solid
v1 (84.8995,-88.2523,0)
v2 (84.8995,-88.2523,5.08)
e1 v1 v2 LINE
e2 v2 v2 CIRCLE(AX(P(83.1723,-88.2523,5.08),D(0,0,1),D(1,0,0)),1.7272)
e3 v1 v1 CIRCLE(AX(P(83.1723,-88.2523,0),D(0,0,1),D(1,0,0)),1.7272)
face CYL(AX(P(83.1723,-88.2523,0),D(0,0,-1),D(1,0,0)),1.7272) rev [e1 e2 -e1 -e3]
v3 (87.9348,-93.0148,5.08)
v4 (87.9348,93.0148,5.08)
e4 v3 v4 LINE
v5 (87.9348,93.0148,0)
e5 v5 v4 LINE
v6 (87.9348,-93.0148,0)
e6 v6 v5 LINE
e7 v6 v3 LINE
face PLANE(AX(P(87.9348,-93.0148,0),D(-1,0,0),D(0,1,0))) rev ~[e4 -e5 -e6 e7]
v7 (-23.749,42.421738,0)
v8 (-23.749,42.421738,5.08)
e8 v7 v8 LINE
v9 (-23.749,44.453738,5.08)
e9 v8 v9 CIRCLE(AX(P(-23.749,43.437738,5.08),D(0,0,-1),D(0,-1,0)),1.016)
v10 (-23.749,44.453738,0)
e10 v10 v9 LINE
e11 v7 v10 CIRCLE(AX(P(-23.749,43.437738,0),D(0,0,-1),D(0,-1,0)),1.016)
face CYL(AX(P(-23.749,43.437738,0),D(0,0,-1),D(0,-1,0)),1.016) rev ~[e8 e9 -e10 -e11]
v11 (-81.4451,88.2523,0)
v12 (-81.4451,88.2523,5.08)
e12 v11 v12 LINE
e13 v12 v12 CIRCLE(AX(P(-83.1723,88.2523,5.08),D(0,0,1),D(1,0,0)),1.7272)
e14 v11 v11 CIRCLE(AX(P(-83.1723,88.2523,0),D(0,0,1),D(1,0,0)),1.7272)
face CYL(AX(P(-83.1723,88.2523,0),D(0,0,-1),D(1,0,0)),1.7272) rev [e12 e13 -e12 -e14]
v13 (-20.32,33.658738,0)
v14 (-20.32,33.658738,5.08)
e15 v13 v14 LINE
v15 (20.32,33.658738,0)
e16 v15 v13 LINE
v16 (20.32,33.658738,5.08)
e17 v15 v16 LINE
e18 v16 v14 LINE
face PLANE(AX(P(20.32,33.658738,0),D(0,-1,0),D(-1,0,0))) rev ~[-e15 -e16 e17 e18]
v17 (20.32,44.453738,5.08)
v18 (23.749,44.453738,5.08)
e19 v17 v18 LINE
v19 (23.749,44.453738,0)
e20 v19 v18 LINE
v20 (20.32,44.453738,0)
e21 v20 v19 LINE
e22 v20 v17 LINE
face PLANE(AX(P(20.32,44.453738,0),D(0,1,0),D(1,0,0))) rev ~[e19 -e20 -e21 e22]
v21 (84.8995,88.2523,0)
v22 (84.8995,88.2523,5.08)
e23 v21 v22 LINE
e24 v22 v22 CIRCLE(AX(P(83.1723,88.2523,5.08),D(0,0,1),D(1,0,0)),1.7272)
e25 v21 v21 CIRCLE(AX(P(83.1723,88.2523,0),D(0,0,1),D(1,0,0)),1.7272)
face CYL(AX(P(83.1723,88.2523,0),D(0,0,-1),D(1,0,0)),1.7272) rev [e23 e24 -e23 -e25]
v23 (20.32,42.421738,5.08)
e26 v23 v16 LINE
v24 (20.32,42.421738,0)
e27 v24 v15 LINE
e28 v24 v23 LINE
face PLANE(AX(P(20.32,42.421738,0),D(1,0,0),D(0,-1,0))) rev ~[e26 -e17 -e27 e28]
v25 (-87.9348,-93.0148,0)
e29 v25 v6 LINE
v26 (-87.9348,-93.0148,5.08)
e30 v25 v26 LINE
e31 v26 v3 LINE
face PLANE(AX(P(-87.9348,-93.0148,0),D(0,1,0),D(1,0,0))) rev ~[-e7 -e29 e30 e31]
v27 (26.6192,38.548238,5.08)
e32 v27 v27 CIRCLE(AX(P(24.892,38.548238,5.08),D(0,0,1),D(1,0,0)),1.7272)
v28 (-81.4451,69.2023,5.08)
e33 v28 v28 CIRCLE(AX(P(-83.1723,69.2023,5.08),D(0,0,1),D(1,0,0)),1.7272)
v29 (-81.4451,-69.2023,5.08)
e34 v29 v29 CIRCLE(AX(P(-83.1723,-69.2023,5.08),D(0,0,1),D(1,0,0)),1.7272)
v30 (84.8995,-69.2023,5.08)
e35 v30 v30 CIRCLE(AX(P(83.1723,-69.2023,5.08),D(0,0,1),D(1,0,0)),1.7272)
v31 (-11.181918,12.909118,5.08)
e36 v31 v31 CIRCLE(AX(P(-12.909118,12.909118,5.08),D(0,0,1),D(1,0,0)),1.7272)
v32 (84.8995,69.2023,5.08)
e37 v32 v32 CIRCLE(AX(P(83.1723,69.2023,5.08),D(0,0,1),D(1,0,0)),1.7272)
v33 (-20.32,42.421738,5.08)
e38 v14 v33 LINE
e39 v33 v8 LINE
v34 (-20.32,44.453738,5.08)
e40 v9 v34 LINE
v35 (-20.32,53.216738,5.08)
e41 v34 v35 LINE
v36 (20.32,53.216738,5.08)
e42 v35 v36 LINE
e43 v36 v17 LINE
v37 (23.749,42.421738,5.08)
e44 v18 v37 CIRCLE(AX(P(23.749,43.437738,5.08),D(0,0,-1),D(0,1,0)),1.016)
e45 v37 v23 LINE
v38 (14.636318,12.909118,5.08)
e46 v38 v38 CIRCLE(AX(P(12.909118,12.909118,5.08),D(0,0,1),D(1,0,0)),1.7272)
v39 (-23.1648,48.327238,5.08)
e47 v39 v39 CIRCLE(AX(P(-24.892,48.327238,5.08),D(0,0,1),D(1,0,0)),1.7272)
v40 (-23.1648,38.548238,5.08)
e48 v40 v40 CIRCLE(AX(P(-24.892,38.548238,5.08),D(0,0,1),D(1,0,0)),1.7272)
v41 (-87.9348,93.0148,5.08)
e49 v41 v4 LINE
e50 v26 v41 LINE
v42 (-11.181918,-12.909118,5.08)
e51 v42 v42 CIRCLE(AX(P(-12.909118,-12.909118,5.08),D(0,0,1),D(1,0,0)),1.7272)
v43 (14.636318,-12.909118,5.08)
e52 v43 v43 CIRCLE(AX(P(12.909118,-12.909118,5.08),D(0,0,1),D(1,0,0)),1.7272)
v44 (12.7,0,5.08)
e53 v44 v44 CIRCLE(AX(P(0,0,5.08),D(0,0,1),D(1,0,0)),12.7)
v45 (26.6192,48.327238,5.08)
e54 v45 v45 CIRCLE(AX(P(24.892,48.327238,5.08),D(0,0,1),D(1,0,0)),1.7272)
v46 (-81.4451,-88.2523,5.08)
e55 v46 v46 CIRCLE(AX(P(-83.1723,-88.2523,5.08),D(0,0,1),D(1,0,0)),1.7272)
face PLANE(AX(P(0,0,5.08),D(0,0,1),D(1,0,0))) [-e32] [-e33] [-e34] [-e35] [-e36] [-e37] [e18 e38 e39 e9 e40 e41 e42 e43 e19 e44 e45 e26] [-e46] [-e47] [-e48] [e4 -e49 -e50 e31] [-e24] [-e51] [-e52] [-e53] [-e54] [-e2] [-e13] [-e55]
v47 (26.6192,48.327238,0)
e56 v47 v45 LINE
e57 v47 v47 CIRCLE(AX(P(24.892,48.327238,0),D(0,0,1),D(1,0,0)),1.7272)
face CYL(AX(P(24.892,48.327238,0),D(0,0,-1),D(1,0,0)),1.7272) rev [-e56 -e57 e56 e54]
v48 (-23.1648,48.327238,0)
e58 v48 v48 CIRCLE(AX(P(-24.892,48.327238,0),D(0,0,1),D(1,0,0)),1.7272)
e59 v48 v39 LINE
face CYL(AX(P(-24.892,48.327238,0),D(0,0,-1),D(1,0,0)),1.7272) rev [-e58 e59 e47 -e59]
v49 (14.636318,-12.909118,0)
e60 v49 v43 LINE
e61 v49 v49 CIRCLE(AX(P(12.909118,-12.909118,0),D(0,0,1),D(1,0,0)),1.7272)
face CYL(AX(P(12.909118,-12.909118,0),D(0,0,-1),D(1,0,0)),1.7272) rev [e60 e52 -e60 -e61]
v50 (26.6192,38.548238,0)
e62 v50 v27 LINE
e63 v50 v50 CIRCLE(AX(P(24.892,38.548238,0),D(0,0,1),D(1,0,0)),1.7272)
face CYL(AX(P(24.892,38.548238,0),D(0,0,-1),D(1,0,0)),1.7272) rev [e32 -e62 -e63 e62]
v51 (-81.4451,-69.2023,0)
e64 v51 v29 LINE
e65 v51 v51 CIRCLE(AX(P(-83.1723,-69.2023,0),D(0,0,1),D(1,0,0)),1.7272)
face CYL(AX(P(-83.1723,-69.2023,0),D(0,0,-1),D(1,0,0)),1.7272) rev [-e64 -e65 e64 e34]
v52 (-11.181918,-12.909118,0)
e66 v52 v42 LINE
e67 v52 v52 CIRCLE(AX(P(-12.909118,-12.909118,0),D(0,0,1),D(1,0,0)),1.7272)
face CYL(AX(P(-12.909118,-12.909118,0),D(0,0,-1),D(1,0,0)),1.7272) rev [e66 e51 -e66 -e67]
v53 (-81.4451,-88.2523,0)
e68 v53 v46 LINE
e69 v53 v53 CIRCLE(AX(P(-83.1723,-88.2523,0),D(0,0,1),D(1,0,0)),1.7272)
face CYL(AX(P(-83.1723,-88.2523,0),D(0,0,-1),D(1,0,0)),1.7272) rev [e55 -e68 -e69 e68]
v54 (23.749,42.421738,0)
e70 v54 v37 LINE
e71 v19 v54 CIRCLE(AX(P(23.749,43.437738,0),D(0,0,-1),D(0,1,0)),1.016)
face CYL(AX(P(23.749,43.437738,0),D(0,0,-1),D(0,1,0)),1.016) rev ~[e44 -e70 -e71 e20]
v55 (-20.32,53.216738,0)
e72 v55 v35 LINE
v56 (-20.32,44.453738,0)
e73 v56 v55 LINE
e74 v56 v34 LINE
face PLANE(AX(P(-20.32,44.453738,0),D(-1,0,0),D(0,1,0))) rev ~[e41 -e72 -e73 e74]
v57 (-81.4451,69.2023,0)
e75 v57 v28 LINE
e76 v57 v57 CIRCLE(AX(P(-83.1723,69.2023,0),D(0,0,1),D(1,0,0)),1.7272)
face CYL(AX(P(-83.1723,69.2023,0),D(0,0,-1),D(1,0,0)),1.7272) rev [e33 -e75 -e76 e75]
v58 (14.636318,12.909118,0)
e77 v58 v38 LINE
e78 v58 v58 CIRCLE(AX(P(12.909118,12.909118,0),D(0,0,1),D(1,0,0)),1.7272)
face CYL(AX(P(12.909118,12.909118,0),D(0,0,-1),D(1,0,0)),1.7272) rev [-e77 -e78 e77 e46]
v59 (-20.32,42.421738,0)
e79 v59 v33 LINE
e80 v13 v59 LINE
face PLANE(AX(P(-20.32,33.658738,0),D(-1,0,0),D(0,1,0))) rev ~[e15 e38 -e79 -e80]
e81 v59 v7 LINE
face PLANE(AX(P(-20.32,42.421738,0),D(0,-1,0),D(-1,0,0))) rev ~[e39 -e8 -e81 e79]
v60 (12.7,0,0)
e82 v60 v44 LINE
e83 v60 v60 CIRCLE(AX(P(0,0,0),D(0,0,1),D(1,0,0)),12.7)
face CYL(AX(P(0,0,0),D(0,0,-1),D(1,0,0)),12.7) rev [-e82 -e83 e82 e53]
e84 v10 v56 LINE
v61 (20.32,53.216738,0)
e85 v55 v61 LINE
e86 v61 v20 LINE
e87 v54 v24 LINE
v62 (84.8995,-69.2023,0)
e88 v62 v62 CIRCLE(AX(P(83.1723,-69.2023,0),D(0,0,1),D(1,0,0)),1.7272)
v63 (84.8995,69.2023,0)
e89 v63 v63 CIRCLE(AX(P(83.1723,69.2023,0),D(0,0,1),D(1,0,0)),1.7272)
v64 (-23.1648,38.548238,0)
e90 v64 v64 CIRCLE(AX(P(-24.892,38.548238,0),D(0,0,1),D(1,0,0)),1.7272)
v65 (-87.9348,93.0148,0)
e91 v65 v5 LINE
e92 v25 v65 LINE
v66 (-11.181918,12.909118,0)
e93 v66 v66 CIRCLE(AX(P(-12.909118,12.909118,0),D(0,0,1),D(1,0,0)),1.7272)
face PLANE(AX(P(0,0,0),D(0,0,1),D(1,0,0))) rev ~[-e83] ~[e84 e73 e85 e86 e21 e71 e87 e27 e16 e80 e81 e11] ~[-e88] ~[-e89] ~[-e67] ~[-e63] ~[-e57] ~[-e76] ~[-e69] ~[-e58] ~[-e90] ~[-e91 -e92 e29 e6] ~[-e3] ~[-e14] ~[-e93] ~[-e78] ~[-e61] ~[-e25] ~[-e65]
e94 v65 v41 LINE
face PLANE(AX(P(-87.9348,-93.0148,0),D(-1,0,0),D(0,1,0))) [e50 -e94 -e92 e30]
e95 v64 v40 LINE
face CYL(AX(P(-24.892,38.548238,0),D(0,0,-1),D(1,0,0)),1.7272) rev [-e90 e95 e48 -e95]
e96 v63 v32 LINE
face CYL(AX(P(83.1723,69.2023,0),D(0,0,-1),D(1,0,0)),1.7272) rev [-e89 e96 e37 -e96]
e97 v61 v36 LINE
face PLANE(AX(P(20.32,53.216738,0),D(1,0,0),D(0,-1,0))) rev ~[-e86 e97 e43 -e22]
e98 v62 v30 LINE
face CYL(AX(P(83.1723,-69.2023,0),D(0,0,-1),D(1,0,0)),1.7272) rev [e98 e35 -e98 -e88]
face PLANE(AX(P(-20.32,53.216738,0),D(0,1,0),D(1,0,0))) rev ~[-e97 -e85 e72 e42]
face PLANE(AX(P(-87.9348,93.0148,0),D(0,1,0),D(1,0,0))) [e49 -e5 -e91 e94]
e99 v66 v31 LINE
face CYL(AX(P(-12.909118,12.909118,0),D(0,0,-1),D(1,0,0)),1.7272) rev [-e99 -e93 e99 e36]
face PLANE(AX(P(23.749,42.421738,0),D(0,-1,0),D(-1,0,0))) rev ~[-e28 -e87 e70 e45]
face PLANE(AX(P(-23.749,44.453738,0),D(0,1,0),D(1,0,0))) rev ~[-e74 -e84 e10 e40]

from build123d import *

# Parameters (mm, degrees)
F0_W     = 175.8696
F0_H     = 186.0296
F0_R     = 1.7272
F0_R_2   = 12.7
F1_DEPTH = 5.08


with BuildPart() as f1:
    # F0 (on Top) → F1 (new body)
    with BuildSketch(Plane.XY):
        Rectangle(F0_W, F0_H)
        with Locations((-83.1723, -88.2523)):
            Circle(F0_R, mode=Mode.SUBTRACT)
        with Locations((-83.1723, -69.2023)):
            Circle(F0_R, mode=Mode.SUBTRACT)
        with Locations((-12.909118, -12.909118)):
            Circle(F0_R, mode=Mode.SUBTRACT)
        with Locations((83.1723, -88.2523)):
            Circle(F0_R, mode=Mode.SUBTRACT)
        with Locations((83.1723, -69.2023)):
            Circle(F0_R, mode=Mode.SUBTRACT)
        with Locations((12.909118, -12.909118)):
            Circle(F0_R, mode=Mode.SUBTRACT)
        with Locations((-12.909118, 12.909118)):
            Circle(F0_R, mode=Mode.SUBTRACT)
        with Locations((-24.892, 38.548238)):
            Circle(F0_R, mode=Mode.SUBTRACT)
        with Locations((-83.1723, 69.2023)):
            Circle(F0_R, mode=Mode.SUBTRACT)
        with Locations((-83.1723, 88.2523)):
            Circle(F0_R, mode=Mode.SUBTRACT)
        with Locations((-24.892, 48.327238)):
            Circle(F0_R, mode=Mode.SUBTRACT)
        Circle(F0_R_2, mode=Mode.SUBTRACT)
        with Locations((12.909118, 12.909118)):
            Circle(F0_R, mode=Mode.SUBTRACT)
        with BuildLine():
            Line((-20.32, 44.453738), (-20.32, 53.216738))
            Line((-20.32, 53.216738), (20.32, 53.216738))
            Line((20.32, 53.216738), (20.32, 44.453738))
            Line((20.32, 44.453738), (23.749, 44.453738))
            ThreePointArc((23.749, 44.453738), (24.765, 43.437738), (23.749, 42.421738))
            Line((23.749, 42.421738), (20.32, 42.421738))
            Line((20.32, 42.421738), (20.32, 33.658738))
            Line((20.32, 33.658738), (-20.32, 33.658738))
            Line((-20.32, 33.658738), (-20.32, 42.421738))
            Line((-20.32, 42.421738), (-23.749, 42.421738))
            ThreePointArc((-23.749, 42.421738), (-24.765, 43.437738), (-23.749, 44.453738))
            Line((-23.749, 44.453738), (-20.32, 44.453738))
        make_face(mode=Mode.SUBTRACT)
        with Locations((24.892, 38.548238)):
            Circle(F0_R, mode=Mode.SUBTRACT)
        with Locations((24.892, 48.327238)):
            Circle(F0_R, mode=Mode.SUBTRACT)
        with Locations((83.1723, 69.2023)):
            Circle(F0_R, mode=Mode.SUBTRACT)
        with Locations((83.1723, 88.2523)):
            Circle(F0_R, mode=Mode.SUBTRACT)
    extrude(amount=F1_DEPTH)


solid = f1.part
